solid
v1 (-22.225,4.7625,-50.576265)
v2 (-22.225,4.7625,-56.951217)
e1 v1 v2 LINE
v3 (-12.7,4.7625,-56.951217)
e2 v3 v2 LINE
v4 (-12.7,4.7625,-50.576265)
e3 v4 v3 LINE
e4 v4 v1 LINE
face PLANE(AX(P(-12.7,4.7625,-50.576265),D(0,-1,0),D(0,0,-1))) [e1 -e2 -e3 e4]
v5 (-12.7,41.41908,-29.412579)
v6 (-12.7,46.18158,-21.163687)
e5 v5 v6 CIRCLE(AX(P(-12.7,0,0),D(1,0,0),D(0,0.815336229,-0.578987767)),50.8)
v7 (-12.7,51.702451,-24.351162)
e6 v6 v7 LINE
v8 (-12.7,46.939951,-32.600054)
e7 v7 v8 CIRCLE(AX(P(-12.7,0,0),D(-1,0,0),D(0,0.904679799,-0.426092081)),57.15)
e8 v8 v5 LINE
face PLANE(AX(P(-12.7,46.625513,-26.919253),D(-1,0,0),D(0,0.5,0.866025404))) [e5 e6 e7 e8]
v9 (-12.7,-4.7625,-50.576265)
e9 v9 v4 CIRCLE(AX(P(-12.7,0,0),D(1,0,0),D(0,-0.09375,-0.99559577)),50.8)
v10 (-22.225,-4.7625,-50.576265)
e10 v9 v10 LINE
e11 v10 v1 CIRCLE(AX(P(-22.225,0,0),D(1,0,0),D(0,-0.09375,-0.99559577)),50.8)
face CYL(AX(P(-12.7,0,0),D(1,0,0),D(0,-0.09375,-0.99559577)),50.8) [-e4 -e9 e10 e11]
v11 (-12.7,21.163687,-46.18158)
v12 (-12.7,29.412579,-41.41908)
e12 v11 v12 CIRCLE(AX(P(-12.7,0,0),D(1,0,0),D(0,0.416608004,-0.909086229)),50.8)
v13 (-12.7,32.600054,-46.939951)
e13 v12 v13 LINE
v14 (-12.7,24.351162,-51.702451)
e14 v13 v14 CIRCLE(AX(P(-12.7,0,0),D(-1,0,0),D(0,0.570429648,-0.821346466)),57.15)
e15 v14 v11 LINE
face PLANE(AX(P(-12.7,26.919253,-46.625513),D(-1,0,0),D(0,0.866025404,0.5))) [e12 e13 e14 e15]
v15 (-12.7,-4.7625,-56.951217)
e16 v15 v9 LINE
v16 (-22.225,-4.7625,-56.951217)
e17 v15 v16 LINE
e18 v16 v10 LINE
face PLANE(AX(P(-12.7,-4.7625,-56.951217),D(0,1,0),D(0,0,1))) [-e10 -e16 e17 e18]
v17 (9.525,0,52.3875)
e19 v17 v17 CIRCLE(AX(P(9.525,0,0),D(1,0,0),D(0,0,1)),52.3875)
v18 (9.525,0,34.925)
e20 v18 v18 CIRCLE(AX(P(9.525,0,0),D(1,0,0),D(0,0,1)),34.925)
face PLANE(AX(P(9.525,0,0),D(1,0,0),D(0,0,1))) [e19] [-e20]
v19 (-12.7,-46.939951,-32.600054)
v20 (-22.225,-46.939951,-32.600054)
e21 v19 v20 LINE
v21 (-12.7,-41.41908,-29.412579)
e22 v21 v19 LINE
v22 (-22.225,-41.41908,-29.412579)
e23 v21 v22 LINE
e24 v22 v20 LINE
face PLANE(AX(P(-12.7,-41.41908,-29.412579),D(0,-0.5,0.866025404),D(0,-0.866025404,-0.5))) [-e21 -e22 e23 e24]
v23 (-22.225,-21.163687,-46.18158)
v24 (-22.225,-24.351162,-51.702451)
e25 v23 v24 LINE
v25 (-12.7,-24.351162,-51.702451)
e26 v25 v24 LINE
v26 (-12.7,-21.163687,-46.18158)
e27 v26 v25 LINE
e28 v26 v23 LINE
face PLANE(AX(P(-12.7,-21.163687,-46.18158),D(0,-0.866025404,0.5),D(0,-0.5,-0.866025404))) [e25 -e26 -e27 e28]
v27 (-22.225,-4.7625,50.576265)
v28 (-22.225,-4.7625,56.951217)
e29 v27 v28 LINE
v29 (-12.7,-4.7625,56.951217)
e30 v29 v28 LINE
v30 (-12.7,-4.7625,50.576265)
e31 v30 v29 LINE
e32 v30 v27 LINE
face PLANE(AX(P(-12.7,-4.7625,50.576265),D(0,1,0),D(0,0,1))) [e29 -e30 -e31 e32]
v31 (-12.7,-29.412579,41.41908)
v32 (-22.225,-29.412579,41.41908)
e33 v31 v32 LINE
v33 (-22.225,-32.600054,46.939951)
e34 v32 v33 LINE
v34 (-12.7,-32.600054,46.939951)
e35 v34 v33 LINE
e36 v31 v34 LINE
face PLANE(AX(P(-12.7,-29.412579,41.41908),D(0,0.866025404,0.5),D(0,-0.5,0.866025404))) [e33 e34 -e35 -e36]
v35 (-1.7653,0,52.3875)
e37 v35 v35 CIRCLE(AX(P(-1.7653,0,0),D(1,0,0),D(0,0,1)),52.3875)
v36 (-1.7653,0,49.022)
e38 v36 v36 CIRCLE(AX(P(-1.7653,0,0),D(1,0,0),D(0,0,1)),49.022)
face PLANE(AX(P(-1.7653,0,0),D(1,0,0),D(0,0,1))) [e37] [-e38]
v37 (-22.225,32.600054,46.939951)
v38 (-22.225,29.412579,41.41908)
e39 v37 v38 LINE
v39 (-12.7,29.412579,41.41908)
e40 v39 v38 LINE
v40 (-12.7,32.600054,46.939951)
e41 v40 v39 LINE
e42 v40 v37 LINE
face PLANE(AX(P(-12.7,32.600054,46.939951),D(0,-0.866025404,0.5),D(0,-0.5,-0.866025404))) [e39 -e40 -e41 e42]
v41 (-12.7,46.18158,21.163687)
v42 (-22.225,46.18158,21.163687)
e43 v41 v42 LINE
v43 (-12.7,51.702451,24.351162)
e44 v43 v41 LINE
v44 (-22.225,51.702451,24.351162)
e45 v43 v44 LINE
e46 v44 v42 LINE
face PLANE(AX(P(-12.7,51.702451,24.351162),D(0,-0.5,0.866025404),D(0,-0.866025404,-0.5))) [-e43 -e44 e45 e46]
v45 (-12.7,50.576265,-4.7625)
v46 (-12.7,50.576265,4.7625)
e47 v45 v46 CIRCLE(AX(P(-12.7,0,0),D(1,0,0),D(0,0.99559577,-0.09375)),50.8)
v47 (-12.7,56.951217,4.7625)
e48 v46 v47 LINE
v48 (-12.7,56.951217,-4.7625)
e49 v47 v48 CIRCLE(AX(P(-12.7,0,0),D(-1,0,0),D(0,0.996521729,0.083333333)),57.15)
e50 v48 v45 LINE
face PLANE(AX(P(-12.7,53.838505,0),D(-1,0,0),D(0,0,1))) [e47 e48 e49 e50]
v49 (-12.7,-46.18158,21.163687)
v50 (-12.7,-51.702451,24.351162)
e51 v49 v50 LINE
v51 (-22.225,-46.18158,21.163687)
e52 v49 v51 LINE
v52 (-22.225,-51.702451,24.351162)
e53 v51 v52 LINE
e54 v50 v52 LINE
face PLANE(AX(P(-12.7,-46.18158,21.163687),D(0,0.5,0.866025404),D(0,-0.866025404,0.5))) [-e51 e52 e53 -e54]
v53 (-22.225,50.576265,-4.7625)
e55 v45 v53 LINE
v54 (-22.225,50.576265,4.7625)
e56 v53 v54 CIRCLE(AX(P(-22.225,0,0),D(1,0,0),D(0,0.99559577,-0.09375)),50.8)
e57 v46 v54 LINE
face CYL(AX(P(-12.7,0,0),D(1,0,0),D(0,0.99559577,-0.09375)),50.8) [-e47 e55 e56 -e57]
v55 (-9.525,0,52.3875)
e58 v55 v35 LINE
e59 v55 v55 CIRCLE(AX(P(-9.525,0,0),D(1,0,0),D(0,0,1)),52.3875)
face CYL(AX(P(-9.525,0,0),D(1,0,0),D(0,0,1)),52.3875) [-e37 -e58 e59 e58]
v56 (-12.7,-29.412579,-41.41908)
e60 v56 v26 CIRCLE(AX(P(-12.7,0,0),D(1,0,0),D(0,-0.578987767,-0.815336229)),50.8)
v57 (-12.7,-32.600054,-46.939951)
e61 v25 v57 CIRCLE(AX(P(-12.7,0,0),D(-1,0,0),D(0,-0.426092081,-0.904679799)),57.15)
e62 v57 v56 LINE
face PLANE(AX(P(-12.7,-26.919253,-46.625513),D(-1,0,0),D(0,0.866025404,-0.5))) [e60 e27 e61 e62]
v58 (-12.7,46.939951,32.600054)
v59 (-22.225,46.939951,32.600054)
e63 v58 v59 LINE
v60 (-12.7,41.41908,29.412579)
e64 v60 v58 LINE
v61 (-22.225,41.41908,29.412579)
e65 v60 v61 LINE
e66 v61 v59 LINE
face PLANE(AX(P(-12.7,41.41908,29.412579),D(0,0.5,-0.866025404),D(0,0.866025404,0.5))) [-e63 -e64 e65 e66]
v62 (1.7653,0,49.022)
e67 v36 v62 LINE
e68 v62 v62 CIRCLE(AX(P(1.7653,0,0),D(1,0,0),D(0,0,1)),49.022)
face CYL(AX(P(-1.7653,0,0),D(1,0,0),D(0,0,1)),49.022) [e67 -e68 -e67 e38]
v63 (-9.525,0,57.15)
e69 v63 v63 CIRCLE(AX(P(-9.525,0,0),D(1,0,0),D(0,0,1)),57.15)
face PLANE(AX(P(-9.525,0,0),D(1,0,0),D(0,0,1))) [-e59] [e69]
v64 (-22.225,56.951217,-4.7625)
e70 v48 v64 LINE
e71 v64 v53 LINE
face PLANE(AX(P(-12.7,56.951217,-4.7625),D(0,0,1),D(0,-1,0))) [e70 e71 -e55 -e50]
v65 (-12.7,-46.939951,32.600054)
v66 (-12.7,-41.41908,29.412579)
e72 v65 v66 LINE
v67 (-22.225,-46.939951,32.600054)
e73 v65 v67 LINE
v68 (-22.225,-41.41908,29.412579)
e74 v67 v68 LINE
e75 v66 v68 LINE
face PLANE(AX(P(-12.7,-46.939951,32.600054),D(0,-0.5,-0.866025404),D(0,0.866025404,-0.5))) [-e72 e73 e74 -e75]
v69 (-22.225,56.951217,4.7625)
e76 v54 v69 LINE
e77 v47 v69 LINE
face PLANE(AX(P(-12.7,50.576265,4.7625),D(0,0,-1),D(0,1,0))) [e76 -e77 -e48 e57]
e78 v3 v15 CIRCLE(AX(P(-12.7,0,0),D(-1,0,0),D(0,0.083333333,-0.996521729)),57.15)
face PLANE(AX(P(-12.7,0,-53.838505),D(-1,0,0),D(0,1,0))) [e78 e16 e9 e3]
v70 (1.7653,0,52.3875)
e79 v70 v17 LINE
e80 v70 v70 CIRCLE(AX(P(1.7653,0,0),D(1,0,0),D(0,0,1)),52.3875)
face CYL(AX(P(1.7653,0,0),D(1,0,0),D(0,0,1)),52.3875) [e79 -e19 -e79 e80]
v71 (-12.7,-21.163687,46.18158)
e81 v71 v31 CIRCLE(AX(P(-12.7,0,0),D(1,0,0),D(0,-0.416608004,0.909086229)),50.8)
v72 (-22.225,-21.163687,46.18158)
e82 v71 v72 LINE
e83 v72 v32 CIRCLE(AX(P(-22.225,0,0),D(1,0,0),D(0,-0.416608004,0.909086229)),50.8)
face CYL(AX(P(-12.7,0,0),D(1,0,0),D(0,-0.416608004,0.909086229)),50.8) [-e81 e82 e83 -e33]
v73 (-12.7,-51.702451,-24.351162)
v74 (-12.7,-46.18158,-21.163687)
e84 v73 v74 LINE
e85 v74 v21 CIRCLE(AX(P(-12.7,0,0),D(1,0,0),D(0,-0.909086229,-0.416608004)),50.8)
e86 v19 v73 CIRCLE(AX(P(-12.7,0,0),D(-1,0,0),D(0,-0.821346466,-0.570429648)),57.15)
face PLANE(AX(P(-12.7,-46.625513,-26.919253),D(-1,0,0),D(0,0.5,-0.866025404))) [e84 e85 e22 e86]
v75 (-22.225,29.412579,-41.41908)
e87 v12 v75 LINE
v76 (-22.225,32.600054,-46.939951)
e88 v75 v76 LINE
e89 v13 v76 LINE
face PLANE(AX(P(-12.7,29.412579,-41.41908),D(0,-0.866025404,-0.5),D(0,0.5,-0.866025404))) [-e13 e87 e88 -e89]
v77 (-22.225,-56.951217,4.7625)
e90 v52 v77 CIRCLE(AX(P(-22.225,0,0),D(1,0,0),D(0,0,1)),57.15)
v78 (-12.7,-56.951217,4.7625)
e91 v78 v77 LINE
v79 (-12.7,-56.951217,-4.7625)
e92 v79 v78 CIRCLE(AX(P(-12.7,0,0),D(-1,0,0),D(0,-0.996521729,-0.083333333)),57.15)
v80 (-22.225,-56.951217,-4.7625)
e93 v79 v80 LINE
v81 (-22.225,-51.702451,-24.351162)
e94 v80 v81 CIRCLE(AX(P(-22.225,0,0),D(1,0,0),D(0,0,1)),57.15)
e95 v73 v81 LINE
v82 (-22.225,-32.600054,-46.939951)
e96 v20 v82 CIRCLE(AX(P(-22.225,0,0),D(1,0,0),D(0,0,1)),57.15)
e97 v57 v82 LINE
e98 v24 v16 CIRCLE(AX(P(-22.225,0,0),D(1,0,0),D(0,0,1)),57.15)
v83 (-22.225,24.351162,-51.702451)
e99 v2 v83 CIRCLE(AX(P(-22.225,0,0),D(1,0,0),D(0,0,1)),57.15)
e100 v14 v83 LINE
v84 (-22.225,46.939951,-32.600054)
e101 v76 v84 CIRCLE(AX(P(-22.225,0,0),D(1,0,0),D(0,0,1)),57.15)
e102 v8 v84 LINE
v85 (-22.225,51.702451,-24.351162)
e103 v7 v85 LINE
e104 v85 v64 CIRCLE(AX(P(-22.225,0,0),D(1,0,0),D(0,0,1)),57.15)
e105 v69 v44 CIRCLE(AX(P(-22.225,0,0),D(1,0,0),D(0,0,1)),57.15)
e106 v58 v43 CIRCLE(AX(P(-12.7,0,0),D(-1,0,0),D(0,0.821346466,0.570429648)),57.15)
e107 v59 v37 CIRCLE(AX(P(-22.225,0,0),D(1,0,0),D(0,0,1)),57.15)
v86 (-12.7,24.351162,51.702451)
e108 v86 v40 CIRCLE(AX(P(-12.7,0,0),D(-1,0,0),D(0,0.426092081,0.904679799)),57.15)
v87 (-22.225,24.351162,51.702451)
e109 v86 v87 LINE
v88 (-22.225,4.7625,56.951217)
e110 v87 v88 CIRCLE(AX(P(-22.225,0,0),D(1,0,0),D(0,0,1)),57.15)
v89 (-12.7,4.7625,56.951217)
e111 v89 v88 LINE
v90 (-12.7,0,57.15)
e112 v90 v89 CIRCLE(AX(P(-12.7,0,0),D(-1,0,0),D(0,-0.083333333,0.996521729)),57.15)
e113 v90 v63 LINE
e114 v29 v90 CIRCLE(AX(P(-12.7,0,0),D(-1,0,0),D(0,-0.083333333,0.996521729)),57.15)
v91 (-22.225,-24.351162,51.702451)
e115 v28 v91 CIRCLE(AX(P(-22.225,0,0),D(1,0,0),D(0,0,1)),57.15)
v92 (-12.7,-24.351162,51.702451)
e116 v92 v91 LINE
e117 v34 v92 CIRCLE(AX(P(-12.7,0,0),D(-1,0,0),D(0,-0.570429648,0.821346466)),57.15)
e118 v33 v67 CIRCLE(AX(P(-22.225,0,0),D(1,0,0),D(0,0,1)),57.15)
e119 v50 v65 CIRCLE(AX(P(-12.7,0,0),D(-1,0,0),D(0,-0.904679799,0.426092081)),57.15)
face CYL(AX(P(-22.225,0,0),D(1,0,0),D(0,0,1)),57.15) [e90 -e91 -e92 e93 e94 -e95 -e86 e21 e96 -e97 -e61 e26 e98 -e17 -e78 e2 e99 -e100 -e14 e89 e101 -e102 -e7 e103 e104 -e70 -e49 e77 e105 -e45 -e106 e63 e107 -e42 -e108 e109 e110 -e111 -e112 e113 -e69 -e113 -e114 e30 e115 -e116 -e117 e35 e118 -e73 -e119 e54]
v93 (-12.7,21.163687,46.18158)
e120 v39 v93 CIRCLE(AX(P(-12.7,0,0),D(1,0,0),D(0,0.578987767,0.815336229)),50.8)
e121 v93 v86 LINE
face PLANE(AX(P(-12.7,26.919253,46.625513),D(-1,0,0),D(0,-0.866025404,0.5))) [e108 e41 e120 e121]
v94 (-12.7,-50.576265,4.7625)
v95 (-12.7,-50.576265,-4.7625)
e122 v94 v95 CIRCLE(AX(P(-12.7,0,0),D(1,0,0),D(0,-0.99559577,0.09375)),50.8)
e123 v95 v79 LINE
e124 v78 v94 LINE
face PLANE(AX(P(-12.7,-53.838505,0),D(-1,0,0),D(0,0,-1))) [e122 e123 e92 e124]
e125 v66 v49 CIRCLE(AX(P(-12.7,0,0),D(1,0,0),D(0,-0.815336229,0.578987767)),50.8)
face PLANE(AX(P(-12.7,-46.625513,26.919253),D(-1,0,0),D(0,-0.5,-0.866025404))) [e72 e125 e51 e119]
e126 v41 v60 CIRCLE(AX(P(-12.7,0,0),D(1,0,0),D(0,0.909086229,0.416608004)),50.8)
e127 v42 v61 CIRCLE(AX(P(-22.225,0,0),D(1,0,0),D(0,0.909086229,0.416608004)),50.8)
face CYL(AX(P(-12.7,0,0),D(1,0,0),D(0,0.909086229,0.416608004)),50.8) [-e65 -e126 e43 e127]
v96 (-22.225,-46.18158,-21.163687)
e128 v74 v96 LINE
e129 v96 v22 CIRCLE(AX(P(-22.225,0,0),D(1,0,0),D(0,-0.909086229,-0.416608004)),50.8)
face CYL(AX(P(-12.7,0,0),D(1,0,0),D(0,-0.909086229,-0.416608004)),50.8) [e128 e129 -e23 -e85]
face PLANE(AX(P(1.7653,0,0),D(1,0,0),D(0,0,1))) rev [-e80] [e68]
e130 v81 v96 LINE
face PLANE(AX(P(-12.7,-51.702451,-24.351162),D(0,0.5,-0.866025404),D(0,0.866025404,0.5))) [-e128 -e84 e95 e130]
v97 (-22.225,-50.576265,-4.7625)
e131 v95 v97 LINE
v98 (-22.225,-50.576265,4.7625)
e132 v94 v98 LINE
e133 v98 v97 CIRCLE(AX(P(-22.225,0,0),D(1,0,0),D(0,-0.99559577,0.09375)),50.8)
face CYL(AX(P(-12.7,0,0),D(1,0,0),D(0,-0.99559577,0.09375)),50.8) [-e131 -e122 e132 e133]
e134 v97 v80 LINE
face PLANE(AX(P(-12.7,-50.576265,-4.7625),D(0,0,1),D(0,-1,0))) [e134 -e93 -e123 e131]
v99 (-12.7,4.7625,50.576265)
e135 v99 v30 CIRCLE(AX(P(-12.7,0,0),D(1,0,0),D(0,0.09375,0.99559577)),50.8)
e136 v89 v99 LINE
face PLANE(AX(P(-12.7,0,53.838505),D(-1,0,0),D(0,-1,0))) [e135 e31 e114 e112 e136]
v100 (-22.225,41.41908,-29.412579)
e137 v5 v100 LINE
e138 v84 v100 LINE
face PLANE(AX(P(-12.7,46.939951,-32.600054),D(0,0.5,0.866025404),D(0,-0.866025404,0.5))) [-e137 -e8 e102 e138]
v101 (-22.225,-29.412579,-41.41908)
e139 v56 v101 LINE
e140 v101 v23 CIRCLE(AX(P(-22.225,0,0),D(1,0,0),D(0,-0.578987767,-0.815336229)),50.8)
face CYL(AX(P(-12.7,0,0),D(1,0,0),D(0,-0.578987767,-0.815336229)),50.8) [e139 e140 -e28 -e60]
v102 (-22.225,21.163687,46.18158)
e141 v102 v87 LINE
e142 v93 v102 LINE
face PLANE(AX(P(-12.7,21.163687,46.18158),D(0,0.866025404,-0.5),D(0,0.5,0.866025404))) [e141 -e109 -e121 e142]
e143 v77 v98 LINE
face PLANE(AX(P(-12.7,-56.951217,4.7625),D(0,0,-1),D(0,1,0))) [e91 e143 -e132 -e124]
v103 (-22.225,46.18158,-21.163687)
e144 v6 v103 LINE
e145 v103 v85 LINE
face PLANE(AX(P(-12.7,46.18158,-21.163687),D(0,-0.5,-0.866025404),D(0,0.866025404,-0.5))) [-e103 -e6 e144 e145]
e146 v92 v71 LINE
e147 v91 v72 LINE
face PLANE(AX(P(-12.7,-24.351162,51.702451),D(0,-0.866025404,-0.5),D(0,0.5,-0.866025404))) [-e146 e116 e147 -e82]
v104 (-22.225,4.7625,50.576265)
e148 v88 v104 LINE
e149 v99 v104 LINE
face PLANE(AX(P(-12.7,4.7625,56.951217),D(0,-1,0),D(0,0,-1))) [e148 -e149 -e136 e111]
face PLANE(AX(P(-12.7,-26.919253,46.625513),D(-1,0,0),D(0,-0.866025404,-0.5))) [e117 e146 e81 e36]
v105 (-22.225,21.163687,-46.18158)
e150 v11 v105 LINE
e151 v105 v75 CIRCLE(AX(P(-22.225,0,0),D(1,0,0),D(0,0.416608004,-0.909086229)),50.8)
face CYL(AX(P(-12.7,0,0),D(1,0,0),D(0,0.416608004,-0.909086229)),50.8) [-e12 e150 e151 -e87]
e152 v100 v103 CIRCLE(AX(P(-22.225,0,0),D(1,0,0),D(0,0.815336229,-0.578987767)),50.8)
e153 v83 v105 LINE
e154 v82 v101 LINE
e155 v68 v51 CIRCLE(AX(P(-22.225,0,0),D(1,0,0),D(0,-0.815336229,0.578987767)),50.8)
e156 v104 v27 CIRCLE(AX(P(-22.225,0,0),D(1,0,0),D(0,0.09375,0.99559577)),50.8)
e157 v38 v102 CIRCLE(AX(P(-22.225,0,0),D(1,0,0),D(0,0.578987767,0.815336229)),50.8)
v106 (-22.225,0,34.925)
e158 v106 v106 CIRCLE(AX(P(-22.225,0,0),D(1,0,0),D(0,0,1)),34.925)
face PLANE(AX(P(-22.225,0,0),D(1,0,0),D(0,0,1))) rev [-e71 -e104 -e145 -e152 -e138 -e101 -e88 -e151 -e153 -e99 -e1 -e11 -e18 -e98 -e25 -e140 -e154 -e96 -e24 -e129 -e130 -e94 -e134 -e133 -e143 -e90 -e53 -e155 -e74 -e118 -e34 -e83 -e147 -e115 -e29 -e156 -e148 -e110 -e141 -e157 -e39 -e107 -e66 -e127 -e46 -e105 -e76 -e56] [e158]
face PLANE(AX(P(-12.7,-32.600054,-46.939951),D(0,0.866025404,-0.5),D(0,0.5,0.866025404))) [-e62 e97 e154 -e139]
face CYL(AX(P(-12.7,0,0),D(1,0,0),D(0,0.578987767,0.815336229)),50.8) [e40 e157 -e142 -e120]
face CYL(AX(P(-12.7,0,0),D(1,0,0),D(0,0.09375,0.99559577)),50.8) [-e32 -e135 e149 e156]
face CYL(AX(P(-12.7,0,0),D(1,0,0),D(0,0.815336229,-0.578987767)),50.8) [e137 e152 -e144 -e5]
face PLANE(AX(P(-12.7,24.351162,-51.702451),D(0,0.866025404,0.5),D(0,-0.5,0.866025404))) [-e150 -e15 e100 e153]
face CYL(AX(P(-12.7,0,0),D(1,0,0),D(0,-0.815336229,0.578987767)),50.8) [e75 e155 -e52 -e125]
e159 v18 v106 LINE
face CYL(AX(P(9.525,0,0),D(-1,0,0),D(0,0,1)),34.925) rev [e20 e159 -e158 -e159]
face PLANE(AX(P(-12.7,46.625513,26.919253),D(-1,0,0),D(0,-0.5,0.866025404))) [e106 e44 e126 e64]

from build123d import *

# Parameters (mm, degrees)
CUT_EXTRUDE1_START = -9.525
CUT_EXTRUDE1_DEPTH = 9.525
CIRPATTERN1_COUNT  = 12


with BuildPart() as part:
    # Sketch2 → Revolve1 (revolve)
    with BuildSketch(Plane.XY, mode=Mode.PRIVATE) as revolve1_sk:
        Polygon((-22.225, 57.15), (-9.525, 57.15), (-9.525, 52.3875), (-1.7653, 52.3875), (-1.7653, 49.022), (1.7653, 49.022), (1.7653, 52.3875), (9.525, 52.3875), (9.525, 34.925), (-22.225, 34.925), align=None)
    revolve(revolve1_sk.sketch.rotate(Axis((0, 0, 0), (1, 0, 0)), 90), axis=Axis((0, 0, 0), (1, 0, 0)))

    # Sketch3 → Cut-Extrude1 (cut)
    with BuildSketch(Plane.ZY.offset(22.225).offset(CUT_EXTRUDE1_START)):
        with BuildLine():
            Line((-4.7625, 56.951216789), (-4.7625, 50.576265123))
            ThreePointArc((-4.7625, 50.576265123), (0, 50.8), (4.7625, 50.576265123))
            Line((4.7625, 50.576265123), (4.7625, 56.951216789))
            ThreePointArc((4.7625, 56.951216789), (0, 57.15), (-4.7625, 56.951216789))
        make_face()
    cut_extrude1 = extrude(amount=CUT_EXTRUDE1_DEPTH, mode=Mode.SUBTRACT)

    # CirPattern1: Cut-Extrude1 ×12 about axis
    cirpattern1_axis = Axis((0, 0, 0), (1, 0, 0))
    for i in range(1, CIRPATTERN1_COUNT):
        add(cut_extrude1.rotate(cirpattern1_axis, i * 360 / CIRPATTERN1_COUNT), mode=Mode.SUBTRACT)


solid = part.part
